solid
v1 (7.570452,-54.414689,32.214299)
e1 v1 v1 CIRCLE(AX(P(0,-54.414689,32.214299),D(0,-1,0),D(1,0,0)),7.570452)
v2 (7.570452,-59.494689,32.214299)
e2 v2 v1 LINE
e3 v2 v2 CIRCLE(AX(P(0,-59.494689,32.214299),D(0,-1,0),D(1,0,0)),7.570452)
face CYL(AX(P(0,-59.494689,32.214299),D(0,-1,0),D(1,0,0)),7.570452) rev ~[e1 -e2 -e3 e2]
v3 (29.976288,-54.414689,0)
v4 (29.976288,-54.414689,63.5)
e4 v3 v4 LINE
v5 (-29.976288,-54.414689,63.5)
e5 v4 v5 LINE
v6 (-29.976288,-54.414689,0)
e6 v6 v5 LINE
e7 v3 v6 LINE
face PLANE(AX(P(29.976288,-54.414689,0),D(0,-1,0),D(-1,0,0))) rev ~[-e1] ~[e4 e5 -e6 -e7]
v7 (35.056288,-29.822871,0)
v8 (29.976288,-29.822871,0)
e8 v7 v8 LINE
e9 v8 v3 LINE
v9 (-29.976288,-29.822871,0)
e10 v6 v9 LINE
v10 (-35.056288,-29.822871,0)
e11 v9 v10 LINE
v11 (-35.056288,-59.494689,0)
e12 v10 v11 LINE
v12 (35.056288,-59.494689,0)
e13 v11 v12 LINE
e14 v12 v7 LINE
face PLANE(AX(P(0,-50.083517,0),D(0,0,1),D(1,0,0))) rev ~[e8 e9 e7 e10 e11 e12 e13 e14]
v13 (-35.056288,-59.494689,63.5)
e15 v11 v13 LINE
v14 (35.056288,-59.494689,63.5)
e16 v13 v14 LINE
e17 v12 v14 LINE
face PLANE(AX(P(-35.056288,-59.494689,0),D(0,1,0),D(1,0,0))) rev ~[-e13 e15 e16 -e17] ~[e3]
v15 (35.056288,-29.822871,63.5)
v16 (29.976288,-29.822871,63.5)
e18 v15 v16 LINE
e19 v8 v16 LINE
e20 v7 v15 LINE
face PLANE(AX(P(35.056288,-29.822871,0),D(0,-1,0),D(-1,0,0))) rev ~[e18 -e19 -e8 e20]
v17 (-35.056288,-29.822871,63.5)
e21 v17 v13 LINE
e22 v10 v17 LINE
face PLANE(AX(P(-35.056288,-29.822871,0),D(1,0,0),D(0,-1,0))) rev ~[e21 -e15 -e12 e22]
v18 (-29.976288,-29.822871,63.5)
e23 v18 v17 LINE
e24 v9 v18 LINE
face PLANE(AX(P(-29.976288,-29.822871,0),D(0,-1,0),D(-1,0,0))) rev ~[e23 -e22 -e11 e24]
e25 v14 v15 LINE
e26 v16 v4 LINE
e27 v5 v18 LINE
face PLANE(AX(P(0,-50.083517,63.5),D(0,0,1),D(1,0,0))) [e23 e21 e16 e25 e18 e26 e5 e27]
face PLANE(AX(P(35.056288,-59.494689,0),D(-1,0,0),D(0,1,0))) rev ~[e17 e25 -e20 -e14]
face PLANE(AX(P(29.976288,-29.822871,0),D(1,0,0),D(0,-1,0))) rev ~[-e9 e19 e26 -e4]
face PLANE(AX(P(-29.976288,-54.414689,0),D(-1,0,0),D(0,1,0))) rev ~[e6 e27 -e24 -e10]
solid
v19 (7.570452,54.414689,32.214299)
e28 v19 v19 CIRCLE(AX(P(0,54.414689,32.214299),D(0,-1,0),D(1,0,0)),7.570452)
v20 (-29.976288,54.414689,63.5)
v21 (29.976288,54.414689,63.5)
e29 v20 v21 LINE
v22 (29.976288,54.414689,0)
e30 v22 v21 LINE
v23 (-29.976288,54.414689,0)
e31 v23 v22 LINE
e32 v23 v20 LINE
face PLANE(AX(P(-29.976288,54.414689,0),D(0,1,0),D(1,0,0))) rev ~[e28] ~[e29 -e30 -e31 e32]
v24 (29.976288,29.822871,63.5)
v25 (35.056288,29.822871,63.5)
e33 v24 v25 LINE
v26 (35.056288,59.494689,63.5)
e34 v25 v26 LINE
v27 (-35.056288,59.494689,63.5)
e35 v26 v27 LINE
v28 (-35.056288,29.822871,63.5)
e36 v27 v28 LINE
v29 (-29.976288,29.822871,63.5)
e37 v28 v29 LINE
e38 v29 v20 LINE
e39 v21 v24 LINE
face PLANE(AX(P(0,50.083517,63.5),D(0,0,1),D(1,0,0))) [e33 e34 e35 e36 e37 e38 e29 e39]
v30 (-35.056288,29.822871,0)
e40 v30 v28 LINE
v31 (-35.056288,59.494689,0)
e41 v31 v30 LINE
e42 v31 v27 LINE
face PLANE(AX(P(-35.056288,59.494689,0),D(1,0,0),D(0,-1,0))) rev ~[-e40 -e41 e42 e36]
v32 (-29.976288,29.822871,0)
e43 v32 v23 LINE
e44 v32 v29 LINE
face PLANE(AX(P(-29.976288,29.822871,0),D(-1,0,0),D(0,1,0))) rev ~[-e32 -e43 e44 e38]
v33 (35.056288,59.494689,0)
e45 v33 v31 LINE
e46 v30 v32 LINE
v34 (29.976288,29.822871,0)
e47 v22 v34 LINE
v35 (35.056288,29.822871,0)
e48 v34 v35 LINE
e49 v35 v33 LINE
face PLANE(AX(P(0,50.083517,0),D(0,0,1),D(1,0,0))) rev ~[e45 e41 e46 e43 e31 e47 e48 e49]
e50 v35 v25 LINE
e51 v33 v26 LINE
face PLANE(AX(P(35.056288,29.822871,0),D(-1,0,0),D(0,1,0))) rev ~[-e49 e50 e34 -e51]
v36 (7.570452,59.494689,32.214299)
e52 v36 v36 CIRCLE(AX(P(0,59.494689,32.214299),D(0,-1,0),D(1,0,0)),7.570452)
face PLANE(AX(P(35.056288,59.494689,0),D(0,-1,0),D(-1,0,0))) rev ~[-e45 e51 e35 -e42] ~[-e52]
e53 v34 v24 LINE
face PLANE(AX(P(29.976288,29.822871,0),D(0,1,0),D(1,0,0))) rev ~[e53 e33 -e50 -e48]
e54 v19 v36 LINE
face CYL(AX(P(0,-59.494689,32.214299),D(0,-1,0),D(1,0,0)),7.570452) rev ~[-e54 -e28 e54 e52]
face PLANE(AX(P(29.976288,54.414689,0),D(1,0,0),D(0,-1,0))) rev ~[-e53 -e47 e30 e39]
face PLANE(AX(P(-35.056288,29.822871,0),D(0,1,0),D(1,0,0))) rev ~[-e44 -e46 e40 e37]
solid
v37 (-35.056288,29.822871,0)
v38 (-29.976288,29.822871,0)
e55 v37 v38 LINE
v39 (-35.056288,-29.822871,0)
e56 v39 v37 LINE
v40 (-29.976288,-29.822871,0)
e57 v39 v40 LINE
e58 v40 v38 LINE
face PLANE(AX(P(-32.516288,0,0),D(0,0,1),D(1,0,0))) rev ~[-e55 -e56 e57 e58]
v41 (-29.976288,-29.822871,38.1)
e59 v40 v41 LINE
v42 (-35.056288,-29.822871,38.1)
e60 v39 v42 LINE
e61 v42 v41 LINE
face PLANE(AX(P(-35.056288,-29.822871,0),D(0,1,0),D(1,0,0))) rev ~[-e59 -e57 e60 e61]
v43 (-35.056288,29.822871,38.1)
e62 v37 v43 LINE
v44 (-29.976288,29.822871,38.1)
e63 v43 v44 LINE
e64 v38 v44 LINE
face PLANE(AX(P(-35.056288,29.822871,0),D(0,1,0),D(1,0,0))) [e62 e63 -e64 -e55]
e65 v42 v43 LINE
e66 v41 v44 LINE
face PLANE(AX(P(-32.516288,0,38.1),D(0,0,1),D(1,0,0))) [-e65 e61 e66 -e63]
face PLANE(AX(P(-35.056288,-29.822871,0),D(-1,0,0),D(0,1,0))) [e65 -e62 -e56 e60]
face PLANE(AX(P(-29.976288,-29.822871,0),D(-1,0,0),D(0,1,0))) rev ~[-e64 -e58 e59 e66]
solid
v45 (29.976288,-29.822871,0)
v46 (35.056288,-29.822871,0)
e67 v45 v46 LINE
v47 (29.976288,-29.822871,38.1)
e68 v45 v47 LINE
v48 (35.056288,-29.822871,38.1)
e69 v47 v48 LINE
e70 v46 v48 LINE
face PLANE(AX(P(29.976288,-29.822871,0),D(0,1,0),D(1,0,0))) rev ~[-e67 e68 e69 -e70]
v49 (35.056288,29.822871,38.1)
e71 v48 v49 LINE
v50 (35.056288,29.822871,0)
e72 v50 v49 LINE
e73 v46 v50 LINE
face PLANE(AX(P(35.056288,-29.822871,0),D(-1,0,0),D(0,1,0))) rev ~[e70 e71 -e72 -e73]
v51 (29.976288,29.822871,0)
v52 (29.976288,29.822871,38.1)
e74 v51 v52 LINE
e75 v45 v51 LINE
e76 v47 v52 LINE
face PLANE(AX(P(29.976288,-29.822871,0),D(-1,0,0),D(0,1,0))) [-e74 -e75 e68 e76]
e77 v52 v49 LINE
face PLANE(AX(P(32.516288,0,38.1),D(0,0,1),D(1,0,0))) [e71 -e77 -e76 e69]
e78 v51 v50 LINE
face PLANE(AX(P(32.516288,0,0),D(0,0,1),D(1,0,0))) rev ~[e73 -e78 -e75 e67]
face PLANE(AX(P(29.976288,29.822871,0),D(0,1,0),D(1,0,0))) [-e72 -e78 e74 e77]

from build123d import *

# Parameters (mm, degrees)
F1_DEPTH = 63.5
F0_W     = 5.08
F0_H     = 59.645742
F2_DEPTH = 38.1
F3_R     = 7.570452
F4_DEPTH = 124.206


with BuildPart() as f1:
    # F0 (on Top) → F1 (new body)
    with BuildSketch(Plane.XY):
        Polygon((29.976288, 29.822871), (35.056288, 29.822871), (35.056288, 59.494689), (-35.056288, 59.494689), (-35.056288, 29.822871), (-29.976288, 29.822871), (-29.976288, 54.414689), (29.976288, 54.414689), align=None)
        Polygon((-35.056288, -59.494689), (35.056288, -59.494689), (35.056288, -29.822871), (29.976288, -29.822871), (29.976288, -54.414689), (-29.976288, -54.414689), (-29.976288, -29.822871), (-35.056288, -29.822871), align=None)
    extrude(amount=F1_DEPTH)

    # F3 (on face) → F4 (cut)
    with BuildSketch(Plane.XZ.offset(59.494689)):
        with Locations((0, 32.214299)):
            Circle(F3_R)
    extrude(amount=-F4_DEPTH, mode=Mode.SUBTRACT)


with BuildPart() as f2:
    # F0 (on Top) → F2 (new body)
    with BuildSketch(Plane.XY):
        with Locations((-32.516288, 0)):
            Rectangle(F0_W, F0_H)
        with Locations((32.516288, 0)):
            Rectangle(F0_W, F0_H)
    extrude(amount=F2_DEPTH)


solid = Compound([f1.part, f2.part])
